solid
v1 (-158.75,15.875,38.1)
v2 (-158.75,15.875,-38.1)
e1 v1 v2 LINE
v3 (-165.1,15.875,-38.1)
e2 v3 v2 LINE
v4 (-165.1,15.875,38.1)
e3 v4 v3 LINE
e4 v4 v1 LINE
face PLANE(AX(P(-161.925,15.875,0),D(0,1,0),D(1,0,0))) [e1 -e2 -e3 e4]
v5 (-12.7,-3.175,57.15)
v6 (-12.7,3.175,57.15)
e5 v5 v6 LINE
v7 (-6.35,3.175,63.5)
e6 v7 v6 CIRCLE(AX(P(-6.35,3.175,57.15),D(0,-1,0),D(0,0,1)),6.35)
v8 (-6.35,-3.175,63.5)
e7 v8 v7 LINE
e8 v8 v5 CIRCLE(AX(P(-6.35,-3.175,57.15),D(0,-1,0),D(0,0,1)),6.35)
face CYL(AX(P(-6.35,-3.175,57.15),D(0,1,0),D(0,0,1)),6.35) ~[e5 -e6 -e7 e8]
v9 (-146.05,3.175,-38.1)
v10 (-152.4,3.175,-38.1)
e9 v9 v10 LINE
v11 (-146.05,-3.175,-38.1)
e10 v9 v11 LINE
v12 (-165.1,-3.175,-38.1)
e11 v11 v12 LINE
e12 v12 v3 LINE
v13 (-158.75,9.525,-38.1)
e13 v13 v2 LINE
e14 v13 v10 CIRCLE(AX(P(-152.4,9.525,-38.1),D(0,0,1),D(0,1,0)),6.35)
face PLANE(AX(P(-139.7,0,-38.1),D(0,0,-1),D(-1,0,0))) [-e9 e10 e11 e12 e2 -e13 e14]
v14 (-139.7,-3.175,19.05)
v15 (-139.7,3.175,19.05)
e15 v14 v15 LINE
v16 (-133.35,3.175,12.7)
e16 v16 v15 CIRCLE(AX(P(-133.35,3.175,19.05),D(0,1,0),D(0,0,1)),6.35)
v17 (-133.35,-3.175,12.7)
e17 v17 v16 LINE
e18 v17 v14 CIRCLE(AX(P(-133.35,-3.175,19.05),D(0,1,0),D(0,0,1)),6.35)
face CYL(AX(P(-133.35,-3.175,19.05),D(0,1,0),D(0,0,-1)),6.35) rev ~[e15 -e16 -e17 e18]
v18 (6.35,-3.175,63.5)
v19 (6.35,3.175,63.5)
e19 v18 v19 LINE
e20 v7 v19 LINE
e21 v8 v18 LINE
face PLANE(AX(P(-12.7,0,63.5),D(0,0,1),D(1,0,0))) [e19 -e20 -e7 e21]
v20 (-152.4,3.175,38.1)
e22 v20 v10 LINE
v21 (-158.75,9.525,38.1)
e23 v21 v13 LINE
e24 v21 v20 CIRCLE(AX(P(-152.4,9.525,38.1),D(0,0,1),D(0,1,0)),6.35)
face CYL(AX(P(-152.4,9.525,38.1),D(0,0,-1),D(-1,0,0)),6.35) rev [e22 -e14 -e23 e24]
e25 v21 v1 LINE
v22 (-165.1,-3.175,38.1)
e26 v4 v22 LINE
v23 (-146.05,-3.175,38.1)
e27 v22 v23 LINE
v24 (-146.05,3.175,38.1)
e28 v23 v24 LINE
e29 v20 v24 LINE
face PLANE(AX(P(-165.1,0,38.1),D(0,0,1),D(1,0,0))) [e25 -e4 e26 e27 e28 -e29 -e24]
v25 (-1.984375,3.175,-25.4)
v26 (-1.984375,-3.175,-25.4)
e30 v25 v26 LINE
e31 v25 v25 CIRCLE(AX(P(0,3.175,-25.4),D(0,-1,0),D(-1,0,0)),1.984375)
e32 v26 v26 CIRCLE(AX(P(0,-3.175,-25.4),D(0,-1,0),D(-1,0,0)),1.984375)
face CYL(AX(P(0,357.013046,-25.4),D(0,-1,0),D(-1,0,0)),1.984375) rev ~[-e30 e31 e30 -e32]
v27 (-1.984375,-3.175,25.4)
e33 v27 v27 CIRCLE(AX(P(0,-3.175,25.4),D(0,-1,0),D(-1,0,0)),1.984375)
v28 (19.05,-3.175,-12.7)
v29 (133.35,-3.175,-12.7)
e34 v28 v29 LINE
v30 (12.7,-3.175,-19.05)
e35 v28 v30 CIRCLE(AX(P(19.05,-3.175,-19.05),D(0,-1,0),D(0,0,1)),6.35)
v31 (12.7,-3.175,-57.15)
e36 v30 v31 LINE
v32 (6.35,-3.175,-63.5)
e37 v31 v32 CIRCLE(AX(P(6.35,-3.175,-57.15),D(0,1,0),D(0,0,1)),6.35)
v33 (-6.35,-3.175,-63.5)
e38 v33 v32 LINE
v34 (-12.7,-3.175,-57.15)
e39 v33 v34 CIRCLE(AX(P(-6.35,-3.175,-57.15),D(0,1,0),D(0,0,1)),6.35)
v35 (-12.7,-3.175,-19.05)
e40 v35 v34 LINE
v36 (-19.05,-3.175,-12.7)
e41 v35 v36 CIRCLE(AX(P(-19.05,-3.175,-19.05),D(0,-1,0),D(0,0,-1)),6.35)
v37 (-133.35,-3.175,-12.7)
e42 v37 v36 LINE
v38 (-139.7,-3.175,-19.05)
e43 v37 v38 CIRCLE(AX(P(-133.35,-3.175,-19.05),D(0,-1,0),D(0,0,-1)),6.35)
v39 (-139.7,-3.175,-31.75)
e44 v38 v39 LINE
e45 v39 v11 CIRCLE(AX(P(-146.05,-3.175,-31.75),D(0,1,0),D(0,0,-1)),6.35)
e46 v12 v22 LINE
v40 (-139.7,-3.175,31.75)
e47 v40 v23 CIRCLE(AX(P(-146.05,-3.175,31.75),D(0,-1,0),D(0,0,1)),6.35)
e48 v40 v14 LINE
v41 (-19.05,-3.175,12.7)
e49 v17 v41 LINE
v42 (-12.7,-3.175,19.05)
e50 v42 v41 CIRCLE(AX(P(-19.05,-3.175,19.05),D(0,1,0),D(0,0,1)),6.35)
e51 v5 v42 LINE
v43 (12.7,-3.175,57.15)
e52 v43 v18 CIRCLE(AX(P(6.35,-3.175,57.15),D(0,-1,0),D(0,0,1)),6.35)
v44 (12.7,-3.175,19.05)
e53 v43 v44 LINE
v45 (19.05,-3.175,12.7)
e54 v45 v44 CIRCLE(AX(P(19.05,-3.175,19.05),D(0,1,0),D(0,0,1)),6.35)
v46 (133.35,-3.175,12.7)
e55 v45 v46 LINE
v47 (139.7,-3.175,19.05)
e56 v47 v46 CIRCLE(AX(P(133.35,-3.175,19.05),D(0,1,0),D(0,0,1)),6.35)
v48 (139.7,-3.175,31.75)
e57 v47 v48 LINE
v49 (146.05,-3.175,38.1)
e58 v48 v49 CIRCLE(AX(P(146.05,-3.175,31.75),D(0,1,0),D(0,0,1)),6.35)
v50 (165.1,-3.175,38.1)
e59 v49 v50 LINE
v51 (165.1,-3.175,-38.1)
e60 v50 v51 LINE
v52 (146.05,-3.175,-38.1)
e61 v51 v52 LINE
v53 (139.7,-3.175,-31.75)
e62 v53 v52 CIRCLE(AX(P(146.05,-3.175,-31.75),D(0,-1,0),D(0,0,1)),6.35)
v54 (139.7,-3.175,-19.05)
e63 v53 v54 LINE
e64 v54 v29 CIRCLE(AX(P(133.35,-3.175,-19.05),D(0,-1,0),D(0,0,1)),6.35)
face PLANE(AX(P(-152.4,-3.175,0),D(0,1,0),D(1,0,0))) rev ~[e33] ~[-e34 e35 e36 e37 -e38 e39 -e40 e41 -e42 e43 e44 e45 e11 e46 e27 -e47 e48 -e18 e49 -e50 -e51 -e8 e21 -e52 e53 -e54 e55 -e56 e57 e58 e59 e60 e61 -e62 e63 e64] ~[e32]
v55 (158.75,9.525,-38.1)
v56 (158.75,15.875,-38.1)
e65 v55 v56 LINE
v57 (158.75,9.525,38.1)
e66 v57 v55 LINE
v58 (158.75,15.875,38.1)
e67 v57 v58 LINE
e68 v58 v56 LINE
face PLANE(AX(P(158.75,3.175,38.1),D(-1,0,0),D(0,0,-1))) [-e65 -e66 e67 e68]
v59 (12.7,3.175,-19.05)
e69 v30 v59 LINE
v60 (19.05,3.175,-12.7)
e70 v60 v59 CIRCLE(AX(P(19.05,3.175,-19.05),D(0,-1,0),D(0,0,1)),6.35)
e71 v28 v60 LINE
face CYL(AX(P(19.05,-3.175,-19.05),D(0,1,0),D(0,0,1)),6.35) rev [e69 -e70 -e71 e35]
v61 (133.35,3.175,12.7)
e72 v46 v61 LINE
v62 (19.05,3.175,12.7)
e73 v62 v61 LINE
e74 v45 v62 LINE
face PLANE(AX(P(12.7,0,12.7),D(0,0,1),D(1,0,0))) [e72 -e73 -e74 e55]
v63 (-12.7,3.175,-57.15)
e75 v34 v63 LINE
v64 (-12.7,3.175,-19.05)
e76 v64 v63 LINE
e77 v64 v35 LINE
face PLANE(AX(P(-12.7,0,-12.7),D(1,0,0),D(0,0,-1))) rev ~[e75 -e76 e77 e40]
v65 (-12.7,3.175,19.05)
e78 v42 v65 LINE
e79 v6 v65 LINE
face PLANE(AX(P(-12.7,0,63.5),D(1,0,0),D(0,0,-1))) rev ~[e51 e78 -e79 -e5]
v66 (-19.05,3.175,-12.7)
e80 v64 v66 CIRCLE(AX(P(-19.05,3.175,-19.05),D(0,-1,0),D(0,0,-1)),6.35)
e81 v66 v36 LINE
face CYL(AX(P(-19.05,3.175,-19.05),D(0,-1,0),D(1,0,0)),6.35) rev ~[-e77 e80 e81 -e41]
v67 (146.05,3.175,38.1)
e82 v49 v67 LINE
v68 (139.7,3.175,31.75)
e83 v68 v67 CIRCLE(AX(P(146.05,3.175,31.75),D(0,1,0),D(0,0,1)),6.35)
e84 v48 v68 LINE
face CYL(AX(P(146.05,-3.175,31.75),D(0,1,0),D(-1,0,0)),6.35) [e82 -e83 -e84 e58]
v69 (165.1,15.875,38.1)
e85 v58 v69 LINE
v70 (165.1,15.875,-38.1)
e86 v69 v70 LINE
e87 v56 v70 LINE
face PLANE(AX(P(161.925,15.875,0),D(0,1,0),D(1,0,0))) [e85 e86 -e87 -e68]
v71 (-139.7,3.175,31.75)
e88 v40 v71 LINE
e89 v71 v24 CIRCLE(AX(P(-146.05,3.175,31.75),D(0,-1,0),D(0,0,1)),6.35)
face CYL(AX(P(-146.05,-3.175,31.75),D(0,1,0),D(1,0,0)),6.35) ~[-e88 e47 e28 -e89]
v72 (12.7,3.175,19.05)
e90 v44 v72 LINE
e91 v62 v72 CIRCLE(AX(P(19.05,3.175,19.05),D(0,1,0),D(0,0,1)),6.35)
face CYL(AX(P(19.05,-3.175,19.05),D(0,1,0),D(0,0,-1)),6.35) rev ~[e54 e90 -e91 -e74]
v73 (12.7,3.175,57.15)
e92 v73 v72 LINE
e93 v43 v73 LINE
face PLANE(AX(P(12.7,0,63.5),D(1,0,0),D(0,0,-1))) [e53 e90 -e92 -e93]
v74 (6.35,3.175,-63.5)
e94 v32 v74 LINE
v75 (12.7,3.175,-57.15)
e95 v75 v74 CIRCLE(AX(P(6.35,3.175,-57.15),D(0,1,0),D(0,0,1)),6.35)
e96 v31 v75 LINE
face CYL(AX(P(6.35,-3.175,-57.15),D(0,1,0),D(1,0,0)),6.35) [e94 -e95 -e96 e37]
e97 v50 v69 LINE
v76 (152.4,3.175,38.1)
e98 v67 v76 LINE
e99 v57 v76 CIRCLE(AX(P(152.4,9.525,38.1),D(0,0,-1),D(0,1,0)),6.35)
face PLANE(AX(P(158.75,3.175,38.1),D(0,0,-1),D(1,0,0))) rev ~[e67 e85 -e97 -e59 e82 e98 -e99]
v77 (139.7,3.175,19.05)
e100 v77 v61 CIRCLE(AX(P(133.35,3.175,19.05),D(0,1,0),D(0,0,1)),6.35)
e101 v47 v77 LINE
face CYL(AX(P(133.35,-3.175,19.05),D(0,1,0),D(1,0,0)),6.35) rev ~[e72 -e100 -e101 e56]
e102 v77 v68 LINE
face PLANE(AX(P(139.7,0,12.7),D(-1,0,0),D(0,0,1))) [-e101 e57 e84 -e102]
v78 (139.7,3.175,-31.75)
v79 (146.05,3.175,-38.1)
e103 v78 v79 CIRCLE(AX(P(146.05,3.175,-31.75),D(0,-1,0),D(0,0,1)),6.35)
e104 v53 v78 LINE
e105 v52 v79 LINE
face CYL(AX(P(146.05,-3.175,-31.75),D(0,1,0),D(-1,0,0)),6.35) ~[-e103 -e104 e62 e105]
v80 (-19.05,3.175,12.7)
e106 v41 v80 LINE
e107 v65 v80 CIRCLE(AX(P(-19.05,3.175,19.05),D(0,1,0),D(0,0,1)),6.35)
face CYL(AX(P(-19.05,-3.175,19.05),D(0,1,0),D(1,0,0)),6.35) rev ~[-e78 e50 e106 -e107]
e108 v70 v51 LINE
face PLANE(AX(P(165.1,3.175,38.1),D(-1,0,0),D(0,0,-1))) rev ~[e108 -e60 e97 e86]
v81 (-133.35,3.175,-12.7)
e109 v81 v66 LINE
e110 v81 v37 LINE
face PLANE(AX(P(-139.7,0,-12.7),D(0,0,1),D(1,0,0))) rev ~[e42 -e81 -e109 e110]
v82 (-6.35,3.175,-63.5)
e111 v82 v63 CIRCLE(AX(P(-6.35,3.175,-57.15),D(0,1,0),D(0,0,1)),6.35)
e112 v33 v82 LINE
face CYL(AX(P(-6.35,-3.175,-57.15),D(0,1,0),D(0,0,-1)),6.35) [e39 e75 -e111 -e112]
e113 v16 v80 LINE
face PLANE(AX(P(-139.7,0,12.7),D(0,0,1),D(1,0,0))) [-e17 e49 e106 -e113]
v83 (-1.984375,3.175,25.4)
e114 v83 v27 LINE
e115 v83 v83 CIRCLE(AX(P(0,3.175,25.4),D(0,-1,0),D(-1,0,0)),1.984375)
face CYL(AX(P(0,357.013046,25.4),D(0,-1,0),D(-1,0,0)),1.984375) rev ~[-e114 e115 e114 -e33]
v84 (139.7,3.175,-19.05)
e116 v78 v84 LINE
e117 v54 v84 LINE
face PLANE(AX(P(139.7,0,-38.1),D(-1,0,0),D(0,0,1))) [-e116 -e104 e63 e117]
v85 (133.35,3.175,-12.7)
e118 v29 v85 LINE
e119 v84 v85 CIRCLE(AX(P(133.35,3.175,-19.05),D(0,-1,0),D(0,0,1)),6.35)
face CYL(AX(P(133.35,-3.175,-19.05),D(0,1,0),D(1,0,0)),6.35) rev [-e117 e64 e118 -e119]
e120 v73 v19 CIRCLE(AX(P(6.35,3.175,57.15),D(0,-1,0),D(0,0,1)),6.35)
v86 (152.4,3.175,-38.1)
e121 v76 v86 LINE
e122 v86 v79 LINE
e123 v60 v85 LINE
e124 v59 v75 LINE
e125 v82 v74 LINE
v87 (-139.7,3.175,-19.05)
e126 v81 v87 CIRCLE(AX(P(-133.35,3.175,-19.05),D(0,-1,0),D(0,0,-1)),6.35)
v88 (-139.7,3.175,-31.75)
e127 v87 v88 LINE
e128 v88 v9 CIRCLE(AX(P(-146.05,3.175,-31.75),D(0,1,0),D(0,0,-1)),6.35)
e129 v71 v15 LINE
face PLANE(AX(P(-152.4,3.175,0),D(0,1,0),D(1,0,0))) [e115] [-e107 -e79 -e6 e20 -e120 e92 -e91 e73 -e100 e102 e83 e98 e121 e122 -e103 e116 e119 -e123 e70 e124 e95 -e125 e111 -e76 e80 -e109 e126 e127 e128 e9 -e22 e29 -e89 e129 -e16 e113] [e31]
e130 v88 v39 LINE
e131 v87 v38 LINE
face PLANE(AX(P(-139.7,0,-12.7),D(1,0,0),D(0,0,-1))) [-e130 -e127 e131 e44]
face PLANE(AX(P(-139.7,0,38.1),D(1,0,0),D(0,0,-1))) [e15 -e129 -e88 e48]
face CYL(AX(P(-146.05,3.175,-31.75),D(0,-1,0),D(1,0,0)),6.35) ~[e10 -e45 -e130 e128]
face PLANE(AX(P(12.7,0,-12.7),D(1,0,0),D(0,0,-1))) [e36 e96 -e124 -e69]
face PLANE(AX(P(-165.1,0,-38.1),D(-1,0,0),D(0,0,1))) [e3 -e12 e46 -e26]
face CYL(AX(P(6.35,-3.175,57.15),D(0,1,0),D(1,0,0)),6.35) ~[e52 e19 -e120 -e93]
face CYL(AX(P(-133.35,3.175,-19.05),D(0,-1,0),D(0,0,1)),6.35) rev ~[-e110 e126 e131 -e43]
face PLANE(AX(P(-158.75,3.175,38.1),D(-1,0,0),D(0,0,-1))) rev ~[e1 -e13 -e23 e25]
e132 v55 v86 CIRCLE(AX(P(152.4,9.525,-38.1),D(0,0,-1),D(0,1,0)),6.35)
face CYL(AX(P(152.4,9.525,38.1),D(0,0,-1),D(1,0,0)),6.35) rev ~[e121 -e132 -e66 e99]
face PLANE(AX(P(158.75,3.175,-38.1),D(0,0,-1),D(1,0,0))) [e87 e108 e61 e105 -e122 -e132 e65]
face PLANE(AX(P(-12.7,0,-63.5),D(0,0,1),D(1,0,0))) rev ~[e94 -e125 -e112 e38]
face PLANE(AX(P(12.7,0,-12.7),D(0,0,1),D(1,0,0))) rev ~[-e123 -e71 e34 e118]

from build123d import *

# Parameters (mm, degrees)
SKETCH1_W                       = 127
SKETCH1_H                       = 25.4
SKETCH1_W_2                     = 25.4
SKETCH1_H_2                     = 50.8
BOSS_EXTRUDE1_DEPTH             = 3.175
F_5_32_0_15625_DIAMETER_HOLE1_D = 3.96875
SKETCH4_W                       = 6.35
SKETCH4_H                       = 76.2
BOSS_EXTRUDE2_DEPTH             = 12.7
FILLET2_R                       = 6.35


with BuildPart() as part:
    # Sketch1 → Boss-Extrude1 (new, symmetric)
    with BuildSketch(Plane(origin=(0, 0, 0), x_dir=(1, 0, 0), z_dir=(0, 1, 0))):
        Polygon((-139.7, -12.7), (-139.7, 12.7), (-139.7, 38.1), (-165.1, 38.1), (-165.1, -38.1), (-139.7, -38.1), align=None)
        with Locations((-76.2, 0)):
            Rectangle(SKETCH1_W, SKETCH1_H)
        with Locations((0, 38.1)):
            Rectangle(SKETCH1_W_2, SKETCH1_H_2)
        with Locations((76.2, 0)):
            Rectangle(SKETCH1_W, SKETCH1_H)
        Rectangle(SKETCH1_W_2, SKETCH1_H)
        with Locations((0, -38.1)):
            Rectangle(SKETCH1_W_2, SKETCH1_H_2)
        Polygon((139.7, 38.1), (139.7, 12.7), (139.7, -12.7), (139.7, -38.1), (165.1, -38.1), (165.1, 38.1), align=None)
    extrude(amount=BOSS_EXTRUDE1_DEPTH, both=True)

    # 5/32 (0.15625) Diameter Hole1 (through all)
    with Locations(Plane(origin=(0, 3.175, 0), x_dir=(1, 0, 0), z_dir=(0, 1, 0))):
        with Locations((0, 25.4), (0, -25.4)):
            Hole(F_5_32_0_15625_DIAMETER_HOLE1_D / 2)

    # Sketch4 → Boss-Extrude2 (add)
    with BuildSketch(Plane(origin=(0, 3.175, 0), x_dir=(1, 0, 0), z_dir=(0, 1, 0))):
        with Locations((161.925, 0)):
            Rectangle(SKETCH4_W, SKETCH4_H)
        with Locations((-161.925, 0)):
            Rectangle(SKETCH4_W, SKETCH4_H)
    extrude(amount=BOSS_EXTRUDE2_DEPTH)

    # Fillet2
    fillet2_edges = [part.edges().sort_by_distance(p)[0] for p in [
        (-139.7, 0, -12.7),
        (-12.7, 0, -12.7),
        (-12.7, 0, -63.5),
        (12.7, 0, -63.5),
        (12.7, 0, -12.7),
        (139.7, 0, -12.7),
        (139.7, 0, -38.1),
        (139.7, 0, 38.1),
        (139.7, 0, 12.7),
        (12.7, 0, 12.7),
        (12.7, 0, 63.5),
        (-12.7, 0, 63.5),
        (-12.7, 0, 12.7),
        (-139.7, 0, 12.7),
        (-139.7, 0, 38.1),
        (-139.7, 0, -38.1),
        (158.75, 3.175, 0),
        (-158.75, 3.175, 0),
    ]]
    fillet(fillet2_edges, radius=FILLET2_R)


solid = part.part
